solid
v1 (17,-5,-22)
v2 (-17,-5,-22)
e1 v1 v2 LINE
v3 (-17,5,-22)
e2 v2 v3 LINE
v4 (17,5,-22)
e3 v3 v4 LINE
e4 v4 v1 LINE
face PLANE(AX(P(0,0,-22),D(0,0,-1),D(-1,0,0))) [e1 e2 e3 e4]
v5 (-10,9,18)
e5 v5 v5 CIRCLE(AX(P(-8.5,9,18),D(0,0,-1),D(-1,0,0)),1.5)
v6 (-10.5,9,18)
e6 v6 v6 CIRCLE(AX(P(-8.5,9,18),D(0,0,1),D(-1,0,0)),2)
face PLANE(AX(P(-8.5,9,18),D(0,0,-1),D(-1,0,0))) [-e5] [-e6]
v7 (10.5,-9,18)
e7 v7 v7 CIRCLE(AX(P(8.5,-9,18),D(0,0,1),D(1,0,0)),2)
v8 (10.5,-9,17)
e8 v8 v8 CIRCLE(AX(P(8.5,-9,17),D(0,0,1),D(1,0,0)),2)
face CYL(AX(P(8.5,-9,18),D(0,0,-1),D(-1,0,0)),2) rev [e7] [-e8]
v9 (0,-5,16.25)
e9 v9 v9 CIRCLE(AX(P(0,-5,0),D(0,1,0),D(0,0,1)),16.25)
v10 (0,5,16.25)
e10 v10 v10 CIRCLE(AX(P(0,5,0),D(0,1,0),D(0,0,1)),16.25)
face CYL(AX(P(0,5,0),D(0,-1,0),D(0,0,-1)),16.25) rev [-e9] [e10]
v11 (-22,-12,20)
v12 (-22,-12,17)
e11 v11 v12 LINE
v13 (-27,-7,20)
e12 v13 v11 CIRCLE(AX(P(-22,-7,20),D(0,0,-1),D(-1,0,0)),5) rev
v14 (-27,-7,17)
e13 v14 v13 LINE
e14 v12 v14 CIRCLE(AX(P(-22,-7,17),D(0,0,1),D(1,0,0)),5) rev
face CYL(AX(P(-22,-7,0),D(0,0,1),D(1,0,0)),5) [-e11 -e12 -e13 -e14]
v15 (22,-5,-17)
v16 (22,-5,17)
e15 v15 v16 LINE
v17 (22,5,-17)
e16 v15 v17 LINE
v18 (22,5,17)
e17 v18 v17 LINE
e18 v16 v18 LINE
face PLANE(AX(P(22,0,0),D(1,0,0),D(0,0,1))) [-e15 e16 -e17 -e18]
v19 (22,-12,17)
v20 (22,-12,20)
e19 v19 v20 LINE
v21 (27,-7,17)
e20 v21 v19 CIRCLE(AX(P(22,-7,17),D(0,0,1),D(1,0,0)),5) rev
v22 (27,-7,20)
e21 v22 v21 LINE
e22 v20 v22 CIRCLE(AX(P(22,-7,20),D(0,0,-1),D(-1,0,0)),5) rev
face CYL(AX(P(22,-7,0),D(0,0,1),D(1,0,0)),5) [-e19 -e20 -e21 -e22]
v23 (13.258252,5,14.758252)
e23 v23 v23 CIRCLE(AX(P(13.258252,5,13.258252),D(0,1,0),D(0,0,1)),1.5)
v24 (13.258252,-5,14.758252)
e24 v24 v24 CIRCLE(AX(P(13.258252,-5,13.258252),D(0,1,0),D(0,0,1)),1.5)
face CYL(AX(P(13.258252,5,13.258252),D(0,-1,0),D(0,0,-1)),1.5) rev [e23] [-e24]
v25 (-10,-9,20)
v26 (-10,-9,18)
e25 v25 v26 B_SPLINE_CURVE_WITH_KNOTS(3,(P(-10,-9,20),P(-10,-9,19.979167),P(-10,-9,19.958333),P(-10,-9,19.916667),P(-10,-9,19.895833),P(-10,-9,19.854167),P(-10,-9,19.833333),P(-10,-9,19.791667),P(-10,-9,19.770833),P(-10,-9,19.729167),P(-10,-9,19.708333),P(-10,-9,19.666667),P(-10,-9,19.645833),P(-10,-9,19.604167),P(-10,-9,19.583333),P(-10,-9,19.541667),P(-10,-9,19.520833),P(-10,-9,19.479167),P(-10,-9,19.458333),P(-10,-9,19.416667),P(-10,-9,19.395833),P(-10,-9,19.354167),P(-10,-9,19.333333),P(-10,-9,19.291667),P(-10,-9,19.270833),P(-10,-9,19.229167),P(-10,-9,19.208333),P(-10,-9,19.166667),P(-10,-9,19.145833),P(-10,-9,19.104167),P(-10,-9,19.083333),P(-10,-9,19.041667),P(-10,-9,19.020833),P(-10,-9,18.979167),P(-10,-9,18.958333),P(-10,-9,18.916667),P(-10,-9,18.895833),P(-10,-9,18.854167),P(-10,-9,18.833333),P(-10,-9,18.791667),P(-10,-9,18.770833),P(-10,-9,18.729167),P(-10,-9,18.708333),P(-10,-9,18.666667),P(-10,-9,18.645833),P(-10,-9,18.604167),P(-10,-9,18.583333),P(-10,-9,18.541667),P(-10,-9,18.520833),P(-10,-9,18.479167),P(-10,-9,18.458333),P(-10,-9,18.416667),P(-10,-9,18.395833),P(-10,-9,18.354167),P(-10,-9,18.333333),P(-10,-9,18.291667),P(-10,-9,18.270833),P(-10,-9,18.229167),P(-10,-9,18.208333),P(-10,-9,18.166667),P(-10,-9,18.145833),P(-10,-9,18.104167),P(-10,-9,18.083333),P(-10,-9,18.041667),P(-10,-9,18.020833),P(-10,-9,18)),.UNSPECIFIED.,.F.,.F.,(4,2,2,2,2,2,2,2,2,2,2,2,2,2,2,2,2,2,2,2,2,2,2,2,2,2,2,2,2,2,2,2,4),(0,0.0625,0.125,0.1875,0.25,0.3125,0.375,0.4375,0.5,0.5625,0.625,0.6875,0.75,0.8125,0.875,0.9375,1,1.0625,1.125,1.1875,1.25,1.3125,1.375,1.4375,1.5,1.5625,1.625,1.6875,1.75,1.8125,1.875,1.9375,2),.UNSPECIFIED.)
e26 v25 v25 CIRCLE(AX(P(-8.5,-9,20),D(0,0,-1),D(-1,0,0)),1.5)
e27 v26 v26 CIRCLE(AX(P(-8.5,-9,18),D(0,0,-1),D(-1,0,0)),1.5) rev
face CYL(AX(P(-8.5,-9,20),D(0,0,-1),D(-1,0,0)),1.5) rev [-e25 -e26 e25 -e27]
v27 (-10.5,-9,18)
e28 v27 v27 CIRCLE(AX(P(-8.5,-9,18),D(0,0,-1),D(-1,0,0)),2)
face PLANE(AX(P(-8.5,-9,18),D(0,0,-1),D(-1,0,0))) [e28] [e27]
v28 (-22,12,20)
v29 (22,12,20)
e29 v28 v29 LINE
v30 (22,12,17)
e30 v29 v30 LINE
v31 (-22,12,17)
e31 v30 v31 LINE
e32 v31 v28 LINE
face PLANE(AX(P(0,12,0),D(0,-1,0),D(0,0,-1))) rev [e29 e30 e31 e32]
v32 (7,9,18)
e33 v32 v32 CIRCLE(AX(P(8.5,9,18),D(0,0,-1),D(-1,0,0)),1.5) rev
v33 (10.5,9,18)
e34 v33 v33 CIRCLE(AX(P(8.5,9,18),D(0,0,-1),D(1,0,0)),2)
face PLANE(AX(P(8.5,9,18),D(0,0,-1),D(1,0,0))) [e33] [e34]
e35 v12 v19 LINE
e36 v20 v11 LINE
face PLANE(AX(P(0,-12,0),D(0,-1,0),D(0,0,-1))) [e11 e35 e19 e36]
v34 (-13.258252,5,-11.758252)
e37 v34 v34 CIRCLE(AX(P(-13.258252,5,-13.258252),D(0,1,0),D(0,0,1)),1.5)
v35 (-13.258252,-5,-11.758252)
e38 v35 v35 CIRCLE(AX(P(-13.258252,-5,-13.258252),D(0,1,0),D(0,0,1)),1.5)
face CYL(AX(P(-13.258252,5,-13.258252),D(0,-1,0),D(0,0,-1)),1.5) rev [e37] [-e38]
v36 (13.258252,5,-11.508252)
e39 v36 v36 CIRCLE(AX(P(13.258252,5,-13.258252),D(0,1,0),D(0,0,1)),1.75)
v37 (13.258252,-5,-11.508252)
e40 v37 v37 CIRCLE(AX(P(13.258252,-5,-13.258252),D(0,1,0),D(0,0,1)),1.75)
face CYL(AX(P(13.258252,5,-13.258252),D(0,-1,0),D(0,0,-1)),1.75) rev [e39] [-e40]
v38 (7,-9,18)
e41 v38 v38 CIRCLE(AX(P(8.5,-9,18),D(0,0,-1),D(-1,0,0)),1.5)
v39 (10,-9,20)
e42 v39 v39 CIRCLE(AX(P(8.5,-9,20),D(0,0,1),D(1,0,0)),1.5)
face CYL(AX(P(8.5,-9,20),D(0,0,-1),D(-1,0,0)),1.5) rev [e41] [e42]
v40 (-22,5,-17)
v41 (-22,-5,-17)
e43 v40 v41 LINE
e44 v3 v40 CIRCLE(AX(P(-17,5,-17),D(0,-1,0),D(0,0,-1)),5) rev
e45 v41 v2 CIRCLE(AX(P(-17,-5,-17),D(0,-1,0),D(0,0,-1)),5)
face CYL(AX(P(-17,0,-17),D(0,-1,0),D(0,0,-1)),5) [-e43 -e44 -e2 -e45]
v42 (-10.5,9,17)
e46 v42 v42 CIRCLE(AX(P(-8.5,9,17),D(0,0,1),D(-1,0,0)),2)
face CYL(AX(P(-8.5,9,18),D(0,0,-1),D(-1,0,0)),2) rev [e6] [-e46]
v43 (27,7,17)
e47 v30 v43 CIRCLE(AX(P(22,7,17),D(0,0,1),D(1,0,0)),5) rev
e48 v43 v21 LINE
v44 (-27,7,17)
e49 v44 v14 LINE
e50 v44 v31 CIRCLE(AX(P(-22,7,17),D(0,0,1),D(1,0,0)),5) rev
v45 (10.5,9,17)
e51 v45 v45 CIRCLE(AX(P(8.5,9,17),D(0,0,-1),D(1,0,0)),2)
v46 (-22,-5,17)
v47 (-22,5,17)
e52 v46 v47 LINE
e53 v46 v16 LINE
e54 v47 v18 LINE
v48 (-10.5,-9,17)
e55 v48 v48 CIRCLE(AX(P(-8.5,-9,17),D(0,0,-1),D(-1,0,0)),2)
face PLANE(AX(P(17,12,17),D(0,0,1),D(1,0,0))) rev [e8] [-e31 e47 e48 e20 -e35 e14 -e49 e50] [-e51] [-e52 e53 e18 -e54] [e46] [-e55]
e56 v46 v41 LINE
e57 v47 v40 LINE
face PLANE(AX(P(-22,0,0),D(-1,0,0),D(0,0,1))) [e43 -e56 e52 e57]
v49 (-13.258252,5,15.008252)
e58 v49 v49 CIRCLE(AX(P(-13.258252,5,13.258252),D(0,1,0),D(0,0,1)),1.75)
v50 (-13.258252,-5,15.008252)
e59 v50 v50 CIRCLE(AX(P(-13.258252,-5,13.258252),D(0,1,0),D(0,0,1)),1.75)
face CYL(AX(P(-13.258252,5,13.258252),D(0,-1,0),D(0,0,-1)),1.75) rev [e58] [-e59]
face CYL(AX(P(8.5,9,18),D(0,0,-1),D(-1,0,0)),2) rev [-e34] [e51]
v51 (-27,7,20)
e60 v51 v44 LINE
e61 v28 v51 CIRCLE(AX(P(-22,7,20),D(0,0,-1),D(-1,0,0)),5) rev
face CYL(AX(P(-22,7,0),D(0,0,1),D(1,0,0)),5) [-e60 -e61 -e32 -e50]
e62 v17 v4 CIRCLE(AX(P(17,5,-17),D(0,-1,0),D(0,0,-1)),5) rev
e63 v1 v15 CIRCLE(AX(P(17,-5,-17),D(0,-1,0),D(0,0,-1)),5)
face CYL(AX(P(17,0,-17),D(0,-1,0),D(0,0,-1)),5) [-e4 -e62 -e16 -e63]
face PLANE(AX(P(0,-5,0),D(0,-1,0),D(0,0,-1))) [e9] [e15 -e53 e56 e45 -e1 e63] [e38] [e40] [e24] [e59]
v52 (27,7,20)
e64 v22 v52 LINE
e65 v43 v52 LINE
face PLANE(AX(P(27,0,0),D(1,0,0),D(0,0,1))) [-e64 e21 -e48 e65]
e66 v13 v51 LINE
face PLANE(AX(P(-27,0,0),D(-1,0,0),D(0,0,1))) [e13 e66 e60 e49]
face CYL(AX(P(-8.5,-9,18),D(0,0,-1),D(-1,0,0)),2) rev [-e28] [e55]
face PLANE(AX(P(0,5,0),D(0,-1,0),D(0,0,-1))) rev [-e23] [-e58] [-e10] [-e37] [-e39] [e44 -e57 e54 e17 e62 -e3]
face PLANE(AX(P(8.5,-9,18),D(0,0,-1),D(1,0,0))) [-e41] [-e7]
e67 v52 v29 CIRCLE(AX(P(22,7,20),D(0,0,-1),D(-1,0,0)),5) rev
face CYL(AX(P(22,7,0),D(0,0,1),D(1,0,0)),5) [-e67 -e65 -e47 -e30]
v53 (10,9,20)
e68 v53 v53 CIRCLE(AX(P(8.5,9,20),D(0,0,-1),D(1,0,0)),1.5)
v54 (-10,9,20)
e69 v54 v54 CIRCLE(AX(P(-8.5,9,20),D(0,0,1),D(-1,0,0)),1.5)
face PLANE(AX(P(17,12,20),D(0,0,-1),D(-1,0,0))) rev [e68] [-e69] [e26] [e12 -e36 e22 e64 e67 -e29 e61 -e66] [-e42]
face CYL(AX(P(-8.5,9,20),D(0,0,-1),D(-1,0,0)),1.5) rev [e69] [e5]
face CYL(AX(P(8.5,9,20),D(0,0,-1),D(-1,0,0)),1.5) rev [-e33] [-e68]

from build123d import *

# Parameters (mm, degrees)
SKETCH_1_W               = 34
SKETCH_1_H               = 34
SKETCH_1_R               = 16.25
SKETCH_1_R_2             = 1.75
SKETCH_1_R_3             = 1.5
EXTRUDE_1_DEPTH          = 5
SKETCH_2_W               = 34
SKETCH_2_H               = 3
EXTRUDE_2_DEPTH          = 12
SKETCH_5_R               = 1.5
CUT_EXTRUDE_4_DEPTH      = 29.861739379
SKETCH_16_W              = 34
SKETCH_16_H              = 10
EXTRUDE_4_DEPTH          = 5
SKETCH_17_W              = 39
SKETCH_17_H              = 5
EXTRUDE_5_DEPTH          = 5
SKETCH_20_W              = 5
SKETCH_20_H              = 39
EXTRUDE_6_DEPTH          = 5
SKETCH_22_W              = 5
SKETCH_22_H              = 39
EXTRUDE_7_DEPTH          = 5
SKETCH_25_W              = 34
SKETCH_25_H              = 3
EXTRUDE_8_DEPTH          = 12
SKETCH_26_W              = 3
SKETCH_26_H              = 24
EXTRUDE_9_DEPTH          = 10
FILLET_1_R               = 5
FILLET_2_R               = 5
SKETCH_27_R              = 1.5
CUT_EXTRUDE_10_DEPTH     = 49.928519291
SKETCH_29_R              = 2
CUT_EXTRUDE_11_DEPTH     = 1
MIRROR_4_COPY_1_SKETCH_R = 1.5
MIRROR_4_COPY_1_DEPTH    = 49.928519291
MIRROR_4_COPY_2_SKETCH_R = 2
MIRROR_4_COPY_2_DEPTH    = 1


with BuildPart() as part:
    # 草图1 → 凸台-拉伸1 (new, symmetric)
    with BuildSketch(Plane(origin=(0, 0, 0), x_dir=(1, 0, 0), z_dir=(0, 1, 0))):
        Rectangle(SKETCH_1_W, SKETCH_1_H)
        with Locations(Location((0, 0, 0), (0, 0, 270))):
            Circle(SKETCH_1_R, mode=Mode.SUBTRACT)
        with Locations(Location((13.258252147, 13.258252147, 0), (0, 0, 270))):
            Circle(SKETCH_1_R_2, mode=Mode.SUBTRACT)
        with Locations(Location((13.258252147, -13.258252147, 0), (0, 0, 270))):
            Circle(SKETCH_1_R_3, mode=Mode.SUBTRACT)
        with Locations(Location((-13.258252147, 13.258252147, 0), (0, 0, 270))):
            Circle(SKETCH_1_R_3, mode=Mode.SUBTRACT)
        with Locations(Location((-13.258252147, -13.258252147, 0), (0, 0, 270))):
            Circle(SKETCH_1_R_2, mode=Mode.SUBTRACT)
    extrude(amount=EXTRUDE_1_DEPTH, both=True)

    # 草图2 → 凸台-拉伸2 (add)
    with BuildSketch(Plane(origin=(0, 0, 0), x_dir=(1, 0, 0), z_dir=(0, 1, 0))):
        with Locations((0, -18.5)):
            Rectangle(SKETCH_2_W, SKETCH_2_H)
    extrude(amount=EXTRUDE_2_DEPTH)

    # 草图5 → 切除-拉伸4 (cut, through all)
    with BuildSketch(Plane.XY):
        with Locations((-8.5, 9)):
            Circle(SKETCH_5_R)
        with Locations(Location((8.5, 9, 0), (0, 0, 180))):
            Circle(SKETCH_5_R)
    extrude(amount=CUT_EXTRUDE_4_DEPTH, mode=Mode.SUBTRACT)

    # 草图16 → 凸台-拉伸4 (add)
    with BuildSketch(Plane(origin=(0, 0, -17), x_dir=(-1, 0, 0), z_dir=(0, 0, -1))):
        Rectangle(SKETCH_16_W, SKETCH_16_H)
    extrude(amount=EXTRUDE_4_DEPTH)

    # 草图17 → 凸台-拉伸5 (add)
    with BuildSketch(Plane.ZY.offset(17)):
        with Locations((-2.5, 2.5)):
            Rectangle(SKETCH_17_W, SKETCH_17_H)
    extrude_5 = extrude(amount=EXTRUDE_5_DEPTH)

    # 镜向1: 凸台-拉伸5 across plane
    add(extrude_5.mirror(Plane(origin=(0, 0, 0), x_dir=(0, 0, 1), z_dir=(1, 0, 0))))

    # 草图20 → 凸台-拉伸6 (add, symmetric)
    with BuildSketch(Plane.XZ):
        with Locations((-19.5, -2.5)):
            Rectangle(SKETCH_20_W, SKETCH_20_H)
    extrude(amount=EXTRUDE_6_DEPTH, both=True)

    # 草图22 → 凸台-拉伸7 (add, symmetric)
    with BuildSketch(Plane.XZ):
        with Locations((19.5, -2.5)):
            Rectangle(SKETCH_22_W, SKETCH_22_H)
    extrude(amount=EXTRUDE_7_DEPTH, both=True)

    # 草图25 → 凸台-拉伸8 (add, symmetric)
    with BuildSketch(Plane.XZ):
        with Locations((0, 18.5)):
            Rectangle(SKETCH_25_W, SKETCH_25_H)
    extrude(amount=EXTRUDE_8_DEPTH, both=True)

    # 草图26 → 凸台-拉伸9 (add)
    with BuildSketch(Plane.ZY.offset(17)):
        with Locations((18.5, 0)):
            Rectangle(SKETCH_26_W, SKETCH_26_H)
    extrude_9 = extrude(amount=EXTRUDE_9_DEPTH)

    # 镜向2: 凸台-拉伸9 across plane
    add(extrude_9.mirror(Plane(origin=(0, 0, 0), x_dir=(0, 0, 1), z_dir=(1, 0, 0))))

    # 圆角1
    fillet_1_edges = [part.edges().sort_by_distance(p)[0] for p in [
        (-22, 0, -22),
        (22, 0, -22),
    ]]
    fillet(fillet_1_edges, radius=FILLET_1_R)

    # 圆角2
    fillet_2_edges = [part.edges().sort_by_distance(p)[0] for p in [
        (-27, -12, 18.5),
        (-27, 12, 18.5),
        (27, 12, 18.5),
        (27, -12, 18.5),
    ]]
    fillet(fillet_2_edges, radius=FILLET_2_R)

    # 草图27 → 切除-拉伸10 (cut, through all)
    with BuildSketch(Plane(origin=(0, 0, 17), x_dir=(-1, 0, 0), z_dir=(0, 0, -1))):
        with Locations((8.5, -9)):
            Circle(SKETCH_27_R)
    cut_extrude_10 = extrude(amount=-CUT_EXTRUDE_10_DEPTH, mode=Mode.SUBTRACT)

    # 草图29 → 切除-拉伸11 (cut)
    with BuildSketch(Plane(origin=(0, 0, 17), x_dir=(-1, 0, 0), z_dir=(0, 0, -1))):
        with Locations((8.5, -9)):
            Circle(SKETCH_29_R)
    cut_extrude_11 = extrude(amount=-CUT_EXTRUDE_11_DEPTH, mode=Mode.SUBTRACT)

    # 镜向3: 切除-拉伸10, 切除-拉伸11 across plane
    add(cut_extrude_10.mirror(Plane(origin=(0, 0, 0), x_dir=(0, 0, 1), z_dir=(1, 0, 0))), mode=Mode.SUBTRACT)
    add(cut_extrude_11.mirror(Plane(origin=(0, 0, 0), x_dir=(0, 0, 1), z_dir=(1, 0, 0))), mode=Mode.SUBTRACT)

    # 镜向4: 切除-拉伸10, 切除-拉伸11 across plane
    add(cut_extrude_10.mirror(Plane.ZX), mode=Mode.SUBTRACT)
    add(cut_extrude_11.mirror(Plane.ZX), mode=Mode.SUBTRACT)

    # 镜向4 copy 1 sketch → 镜向4 copy 1 (cut, through all)
    with BuildSketch(Plane(origin=(0, 0, 17), x_dir=(1, 0, 0), z_dir=(0, 0, -1))):
        with Locations((8.5, -9)):
            Circle(MIRROR_4_COPY_1_SKETCH_R)
    extrude(amount=-MIRROR_4_COPY_1_DEPTH, mode=Mode.SUBTRACT)

    # 镜向4 copy 2 sketch → 镜向4 copy 2 (cut)
    with BuildSketch(Plane(origin=(0, 0, 17), x_dir=(1, 0, 0), z_dir=(0, 0, -1))):
        with Locations((8.5, -9)):
            Circle(MIRROR_4_COPY_2_SKETCH_R)
    extrude(amount=-MIRROR_4_COPY_2_DEPTH, mode=Mode.SUBTRACT)


solid = part.part
